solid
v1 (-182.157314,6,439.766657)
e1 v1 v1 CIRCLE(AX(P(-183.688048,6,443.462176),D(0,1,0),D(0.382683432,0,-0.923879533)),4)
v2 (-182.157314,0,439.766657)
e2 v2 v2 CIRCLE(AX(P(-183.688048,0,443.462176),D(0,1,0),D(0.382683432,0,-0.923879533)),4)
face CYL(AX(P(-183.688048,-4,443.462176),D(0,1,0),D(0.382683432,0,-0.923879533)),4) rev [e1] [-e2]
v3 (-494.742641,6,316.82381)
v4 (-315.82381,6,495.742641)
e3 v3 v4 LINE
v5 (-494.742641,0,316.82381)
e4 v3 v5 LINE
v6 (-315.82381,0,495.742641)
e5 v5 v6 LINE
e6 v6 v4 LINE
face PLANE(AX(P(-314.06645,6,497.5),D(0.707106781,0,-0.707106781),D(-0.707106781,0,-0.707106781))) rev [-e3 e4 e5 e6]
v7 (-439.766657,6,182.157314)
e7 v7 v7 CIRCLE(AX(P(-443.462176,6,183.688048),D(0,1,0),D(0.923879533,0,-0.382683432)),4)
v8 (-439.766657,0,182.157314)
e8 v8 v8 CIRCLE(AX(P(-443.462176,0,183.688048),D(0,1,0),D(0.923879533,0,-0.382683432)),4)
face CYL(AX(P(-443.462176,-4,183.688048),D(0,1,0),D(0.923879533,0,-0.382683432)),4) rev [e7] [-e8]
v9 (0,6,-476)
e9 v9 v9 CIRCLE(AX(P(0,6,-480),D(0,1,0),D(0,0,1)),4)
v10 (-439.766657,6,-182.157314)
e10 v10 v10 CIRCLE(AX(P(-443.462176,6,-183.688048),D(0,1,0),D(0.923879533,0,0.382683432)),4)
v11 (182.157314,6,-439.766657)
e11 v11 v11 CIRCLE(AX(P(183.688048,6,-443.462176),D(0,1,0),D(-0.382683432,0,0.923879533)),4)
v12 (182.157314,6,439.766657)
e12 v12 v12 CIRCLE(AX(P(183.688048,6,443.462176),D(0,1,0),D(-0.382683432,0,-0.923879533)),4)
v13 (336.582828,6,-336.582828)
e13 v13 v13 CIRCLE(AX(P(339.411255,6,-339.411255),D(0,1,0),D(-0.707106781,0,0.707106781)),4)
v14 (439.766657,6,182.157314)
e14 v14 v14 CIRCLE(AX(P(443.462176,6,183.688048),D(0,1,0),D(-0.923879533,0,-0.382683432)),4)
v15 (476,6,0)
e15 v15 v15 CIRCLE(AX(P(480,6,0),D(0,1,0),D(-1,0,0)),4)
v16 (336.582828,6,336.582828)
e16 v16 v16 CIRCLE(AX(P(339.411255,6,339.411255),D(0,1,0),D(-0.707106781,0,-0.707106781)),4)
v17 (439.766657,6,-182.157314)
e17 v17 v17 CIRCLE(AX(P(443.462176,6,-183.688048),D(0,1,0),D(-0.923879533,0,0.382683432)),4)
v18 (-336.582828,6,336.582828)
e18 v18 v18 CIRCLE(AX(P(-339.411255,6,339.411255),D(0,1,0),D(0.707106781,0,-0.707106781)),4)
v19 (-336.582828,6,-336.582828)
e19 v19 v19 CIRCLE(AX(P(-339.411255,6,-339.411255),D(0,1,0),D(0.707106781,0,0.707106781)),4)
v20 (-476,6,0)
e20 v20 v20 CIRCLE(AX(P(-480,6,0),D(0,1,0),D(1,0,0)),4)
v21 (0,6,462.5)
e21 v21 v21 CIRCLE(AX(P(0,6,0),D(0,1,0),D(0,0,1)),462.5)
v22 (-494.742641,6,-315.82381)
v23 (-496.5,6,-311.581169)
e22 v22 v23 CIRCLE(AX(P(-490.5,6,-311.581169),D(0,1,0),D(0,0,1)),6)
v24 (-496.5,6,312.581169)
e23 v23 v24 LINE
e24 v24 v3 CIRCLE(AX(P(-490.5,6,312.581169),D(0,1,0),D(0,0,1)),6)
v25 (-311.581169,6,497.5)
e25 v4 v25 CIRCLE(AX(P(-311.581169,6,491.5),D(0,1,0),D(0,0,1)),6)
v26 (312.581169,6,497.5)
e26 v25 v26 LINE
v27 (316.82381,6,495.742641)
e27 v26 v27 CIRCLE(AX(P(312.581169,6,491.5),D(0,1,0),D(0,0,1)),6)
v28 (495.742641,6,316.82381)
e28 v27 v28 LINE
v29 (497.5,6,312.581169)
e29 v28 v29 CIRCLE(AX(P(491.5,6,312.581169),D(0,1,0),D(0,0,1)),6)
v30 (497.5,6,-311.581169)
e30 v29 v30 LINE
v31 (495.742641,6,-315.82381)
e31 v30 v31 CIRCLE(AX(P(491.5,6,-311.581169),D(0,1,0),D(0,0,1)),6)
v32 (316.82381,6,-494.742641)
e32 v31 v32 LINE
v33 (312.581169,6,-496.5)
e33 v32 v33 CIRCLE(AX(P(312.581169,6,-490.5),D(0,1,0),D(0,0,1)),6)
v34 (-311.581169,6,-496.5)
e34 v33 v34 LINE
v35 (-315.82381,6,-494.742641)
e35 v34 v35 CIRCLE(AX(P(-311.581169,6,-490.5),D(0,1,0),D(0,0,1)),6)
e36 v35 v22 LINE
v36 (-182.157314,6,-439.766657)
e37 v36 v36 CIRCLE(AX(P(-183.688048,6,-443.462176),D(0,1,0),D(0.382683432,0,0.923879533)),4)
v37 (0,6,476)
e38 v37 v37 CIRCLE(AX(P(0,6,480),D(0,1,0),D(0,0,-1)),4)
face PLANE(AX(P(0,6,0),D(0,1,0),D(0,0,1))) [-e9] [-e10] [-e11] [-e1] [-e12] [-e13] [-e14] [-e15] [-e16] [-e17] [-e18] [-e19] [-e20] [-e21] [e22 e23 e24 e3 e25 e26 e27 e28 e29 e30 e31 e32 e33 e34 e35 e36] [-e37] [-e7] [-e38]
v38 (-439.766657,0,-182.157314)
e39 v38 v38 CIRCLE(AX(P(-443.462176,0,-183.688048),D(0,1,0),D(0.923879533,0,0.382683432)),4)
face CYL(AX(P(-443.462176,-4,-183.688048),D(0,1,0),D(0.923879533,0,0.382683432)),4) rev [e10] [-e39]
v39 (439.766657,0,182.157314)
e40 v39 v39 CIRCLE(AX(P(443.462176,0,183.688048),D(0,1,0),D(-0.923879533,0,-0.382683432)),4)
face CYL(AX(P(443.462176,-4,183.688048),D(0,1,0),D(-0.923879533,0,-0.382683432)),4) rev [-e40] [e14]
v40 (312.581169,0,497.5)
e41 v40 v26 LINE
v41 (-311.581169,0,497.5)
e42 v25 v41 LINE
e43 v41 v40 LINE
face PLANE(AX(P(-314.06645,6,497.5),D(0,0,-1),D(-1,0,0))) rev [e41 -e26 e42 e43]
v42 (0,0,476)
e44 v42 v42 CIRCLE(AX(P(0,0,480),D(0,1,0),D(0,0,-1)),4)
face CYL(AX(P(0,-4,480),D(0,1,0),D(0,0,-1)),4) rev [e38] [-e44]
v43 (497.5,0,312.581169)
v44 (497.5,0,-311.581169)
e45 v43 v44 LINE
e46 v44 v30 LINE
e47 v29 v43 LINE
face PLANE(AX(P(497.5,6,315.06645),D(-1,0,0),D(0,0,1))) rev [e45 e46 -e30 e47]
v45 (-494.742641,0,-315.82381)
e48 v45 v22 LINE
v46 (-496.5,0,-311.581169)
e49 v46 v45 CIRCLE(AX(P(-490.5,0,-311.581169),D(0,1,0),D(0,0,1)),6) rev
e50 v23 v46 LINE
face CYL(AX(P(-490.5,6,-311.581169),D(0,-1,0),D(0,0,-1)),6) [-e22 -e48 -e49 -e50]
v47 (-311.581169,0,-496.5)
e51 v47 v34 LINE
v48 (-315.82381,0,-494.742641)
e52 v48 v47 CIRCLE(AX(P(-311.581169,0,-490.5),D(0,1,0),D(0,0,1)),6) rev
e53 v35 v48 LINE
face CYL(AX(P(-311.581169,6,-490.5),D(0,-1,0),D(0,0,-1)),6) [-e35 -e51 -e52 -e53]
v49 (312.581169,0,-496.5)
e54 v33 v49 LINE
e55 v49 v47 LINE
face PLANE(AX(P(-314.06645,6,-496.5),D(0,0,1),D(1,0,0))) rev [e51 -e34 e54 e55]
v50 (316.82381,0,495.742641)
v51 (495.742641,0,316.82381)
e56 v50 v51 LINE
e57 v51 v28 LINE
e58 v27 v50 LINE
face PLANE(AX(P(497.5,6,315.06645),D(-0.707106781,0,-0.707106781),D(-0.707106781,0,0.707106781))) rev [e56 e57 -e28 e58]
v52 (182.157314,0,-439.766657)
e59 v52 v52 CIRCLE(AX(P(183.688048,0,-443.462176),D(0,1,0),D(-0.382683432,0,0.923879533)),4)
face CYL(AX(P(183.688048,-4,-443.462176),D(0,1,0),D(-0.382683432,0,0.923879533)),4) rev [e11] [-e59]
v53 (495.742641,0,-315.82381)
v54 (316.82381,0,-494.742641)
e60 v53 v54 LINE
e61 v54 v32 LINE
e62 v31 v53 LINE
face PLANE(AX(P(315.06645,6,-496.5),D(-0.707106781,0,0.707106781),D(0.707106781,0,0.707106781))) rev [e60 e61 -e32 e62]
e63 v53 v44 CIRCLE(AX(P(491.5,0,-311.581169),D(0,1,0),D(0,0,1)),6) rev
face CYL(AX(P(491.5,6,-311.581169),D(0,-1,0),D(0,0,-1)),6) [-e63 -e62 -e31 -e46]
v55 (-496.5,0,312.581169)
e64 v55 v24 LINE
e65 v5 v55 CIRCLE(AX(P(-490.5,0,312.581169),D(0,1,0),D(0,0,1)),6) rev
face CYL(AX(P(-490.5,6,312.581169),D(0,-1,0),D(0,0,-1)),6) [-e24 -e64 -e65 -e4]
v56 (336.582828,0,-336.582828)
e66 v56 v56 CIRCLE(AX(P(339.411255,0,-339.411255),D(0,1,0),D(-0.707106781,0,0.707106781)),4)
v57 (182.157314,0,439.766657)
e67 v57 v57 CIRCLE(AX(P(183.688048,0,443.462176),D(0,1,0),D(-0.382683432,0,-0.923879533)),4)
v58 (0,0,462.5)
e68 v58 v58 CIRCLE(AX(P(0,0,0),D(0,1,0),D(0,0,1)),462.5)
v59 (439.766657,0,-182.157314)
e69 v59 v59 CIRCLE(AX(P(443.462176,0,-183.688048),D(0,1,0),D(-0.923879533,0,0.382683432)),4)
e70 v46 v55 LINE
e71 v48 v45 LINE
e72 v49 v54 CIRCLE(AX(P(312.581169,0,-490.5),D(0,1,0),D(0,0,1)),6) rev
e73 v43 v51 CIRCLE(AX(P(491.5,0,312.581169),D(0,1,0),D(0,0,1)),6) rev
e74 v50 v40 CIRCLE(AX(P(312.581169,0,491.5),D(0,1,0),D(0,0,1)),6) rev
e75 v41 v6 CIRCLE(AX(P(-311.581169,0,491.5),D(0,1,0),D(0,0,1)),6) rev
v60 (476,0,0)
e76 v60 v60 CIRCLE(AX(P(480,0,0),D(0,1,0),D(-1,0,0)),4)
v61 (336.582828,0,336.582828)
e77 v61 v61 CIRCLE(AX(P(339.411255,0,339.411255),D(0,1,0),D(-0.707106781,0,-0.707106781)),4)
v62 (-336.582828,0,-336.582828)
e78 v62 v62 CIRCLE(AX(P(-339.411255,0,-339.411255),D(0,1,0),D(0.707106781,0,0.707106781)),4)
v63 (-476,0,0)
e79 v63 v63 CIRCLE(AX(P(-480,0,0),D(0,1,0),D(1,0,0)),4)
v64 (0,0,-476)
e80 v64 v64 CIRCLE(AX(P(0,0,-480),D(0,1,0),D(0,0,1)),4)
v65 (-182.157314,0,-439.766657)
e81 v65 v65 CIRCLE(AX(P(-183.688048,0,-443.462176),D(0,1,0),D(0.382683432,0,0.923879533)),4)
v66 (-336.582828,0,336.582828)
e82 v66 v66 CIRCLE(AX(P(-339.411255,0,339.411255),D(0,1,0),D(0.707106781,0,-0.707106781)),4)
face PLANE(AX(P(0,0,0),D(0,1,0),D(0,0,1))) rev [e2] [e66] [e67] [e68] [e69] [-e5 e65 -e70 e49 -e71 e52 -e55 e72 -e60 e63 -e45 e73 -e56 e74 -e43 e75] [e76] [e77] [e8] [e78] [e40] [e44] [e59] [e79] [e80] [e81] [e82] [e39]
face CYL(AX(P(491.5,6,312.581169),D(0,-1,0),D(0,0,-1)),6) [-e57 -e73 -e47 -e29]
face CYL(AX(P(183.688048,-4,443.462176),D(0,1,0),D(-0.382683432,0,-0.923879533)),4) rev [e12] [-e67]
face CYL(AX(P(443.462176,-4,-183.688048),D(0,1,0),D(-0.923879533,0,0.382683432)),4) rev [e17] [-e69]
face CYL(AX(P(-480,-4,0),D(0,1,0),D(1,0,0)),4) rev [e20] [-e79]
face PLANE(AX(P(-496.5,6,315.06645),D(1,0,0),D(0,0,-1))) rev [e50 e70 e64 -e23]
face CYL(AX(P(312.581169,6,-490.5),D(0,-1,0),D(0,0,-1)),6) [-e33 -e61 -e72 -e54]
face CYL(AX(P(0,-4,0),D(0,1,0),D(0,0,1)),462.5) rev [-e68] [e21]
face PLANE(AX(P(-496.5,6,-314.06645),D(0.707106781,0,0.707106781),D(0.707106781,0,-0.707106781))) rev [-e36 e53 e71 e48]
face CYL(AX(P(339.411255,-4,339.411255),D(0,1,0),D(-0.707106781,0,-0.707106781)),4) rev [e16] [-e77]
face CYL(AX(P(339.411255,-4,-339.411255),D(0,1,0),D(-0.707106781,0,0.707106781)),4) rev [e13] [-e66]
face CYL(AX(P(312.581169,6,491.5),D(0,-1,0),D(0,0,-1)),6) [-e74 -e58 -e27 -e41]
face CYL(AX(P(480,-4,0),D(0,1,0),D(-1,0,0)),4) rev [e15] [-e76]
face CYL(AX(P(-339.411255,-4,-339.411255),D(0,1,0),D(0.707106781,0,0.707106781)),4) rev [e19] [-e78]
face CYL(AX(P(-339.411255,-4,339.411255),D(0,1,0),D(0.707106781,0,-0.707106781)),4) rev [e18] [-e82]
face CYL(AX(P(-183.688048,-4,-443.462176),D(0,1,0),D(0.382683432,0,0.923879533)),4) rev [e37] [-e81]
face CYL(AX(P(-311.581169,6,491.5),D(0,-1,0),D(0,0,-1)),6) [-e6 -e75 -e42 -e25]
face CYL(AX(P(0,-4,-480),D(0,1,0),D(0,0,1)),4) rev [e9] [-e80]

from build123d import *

# Parameters (mm, degrees)
BOSS_EXTRUDE1_DEPTH = 6
SKETCH2_R           = 462.5
CUT_EXTRUDE1_DEPTH  = 10
SKETCH3_R           = 4
CUT_EXTRUDE2_DEPTH  = 10
CIRPATTERN1_COUNT   = 16
FILLET1_R           = 6


with BuildPart() as part:
    # Sketch1 → Boss-Extrude1 (new body)
    with BuildSketch(Plane(origin=(0, 0, 0), x_dir=(1, 0, 0), z_dir=(0, 1, 0))):
        Polygon((315.066450454, 496.5), (497.5, 314.066450454), (497.5, -315.066450454), (315.066450454, -497.5), (-314.066450454, -497.5), (-496.5, -315.066450454), (-496.5, 314.066450454), (-314.066450454, 496.5), align=None)
    extrude(amount=BOSS_EXTRUDE1_DEPTH)

    # Sketch2 → Cut-Extrude1 (cut)
    with BuildSketch(Plane(origin=(0, 6, 0), x_dir=(1, 0, 0), z_dir=(0, 1, 0))):
        with Locations(Location((0, 0, 0), (0, 0, 270))):
            Circle(SKETCH2_R)
    extrude(amount=-CUT_EXTRUDE1_DEPTH, mode=Mode.SUBTRACT)

    # Sketch3 → Cut-Extrude2 (cut)
    with BuildSketch(Plane(origin=(0, 6, 0), x_dir=(1, 0, 0), z_dir=(0, 1, 0))):
        with Locations(Location((0, 480, 0), (0, 0, 270))):
            Circle(SKETCH3_R)
    cut_extrude2 = extrude(amount=-CUT_EXTRUDE2_DEPTH, mode=Mode.SUBTRACT)

    # CirPattern1: Cut-Extrude2 ×16 about axis
    cirpattern1_axis = Axis((0, 0, 0), (0, 1, 0))
    for i in range(1, CIRPATTERN1_COUNT):
        add(cut_extrude2.rotate(cirpattern1_axis, i * 360 / CIRPATTERN1_COUNT), mode=Mode.SUBTRACT)

    # Fillet1
    fillet1_edges = [part.edges().sort_by_distance(p)[0] for p in [
        (315.066450454, 3, -496.5),
        (497.5, 3, -314.066450454),
        (497.5, 3, 315.066450454),
        (315.066450454, 3, 497.5),
        (-314.066450454, 3, 497.5),
        (-496.5, 3, 315.066450454),
        (-496.5, 3, -314.066450454),
        (-314.066450454, 3, -496.5),
    ]]
    fillet(fillet1_edges, radius=FILLET1_R)


solid = part.part
